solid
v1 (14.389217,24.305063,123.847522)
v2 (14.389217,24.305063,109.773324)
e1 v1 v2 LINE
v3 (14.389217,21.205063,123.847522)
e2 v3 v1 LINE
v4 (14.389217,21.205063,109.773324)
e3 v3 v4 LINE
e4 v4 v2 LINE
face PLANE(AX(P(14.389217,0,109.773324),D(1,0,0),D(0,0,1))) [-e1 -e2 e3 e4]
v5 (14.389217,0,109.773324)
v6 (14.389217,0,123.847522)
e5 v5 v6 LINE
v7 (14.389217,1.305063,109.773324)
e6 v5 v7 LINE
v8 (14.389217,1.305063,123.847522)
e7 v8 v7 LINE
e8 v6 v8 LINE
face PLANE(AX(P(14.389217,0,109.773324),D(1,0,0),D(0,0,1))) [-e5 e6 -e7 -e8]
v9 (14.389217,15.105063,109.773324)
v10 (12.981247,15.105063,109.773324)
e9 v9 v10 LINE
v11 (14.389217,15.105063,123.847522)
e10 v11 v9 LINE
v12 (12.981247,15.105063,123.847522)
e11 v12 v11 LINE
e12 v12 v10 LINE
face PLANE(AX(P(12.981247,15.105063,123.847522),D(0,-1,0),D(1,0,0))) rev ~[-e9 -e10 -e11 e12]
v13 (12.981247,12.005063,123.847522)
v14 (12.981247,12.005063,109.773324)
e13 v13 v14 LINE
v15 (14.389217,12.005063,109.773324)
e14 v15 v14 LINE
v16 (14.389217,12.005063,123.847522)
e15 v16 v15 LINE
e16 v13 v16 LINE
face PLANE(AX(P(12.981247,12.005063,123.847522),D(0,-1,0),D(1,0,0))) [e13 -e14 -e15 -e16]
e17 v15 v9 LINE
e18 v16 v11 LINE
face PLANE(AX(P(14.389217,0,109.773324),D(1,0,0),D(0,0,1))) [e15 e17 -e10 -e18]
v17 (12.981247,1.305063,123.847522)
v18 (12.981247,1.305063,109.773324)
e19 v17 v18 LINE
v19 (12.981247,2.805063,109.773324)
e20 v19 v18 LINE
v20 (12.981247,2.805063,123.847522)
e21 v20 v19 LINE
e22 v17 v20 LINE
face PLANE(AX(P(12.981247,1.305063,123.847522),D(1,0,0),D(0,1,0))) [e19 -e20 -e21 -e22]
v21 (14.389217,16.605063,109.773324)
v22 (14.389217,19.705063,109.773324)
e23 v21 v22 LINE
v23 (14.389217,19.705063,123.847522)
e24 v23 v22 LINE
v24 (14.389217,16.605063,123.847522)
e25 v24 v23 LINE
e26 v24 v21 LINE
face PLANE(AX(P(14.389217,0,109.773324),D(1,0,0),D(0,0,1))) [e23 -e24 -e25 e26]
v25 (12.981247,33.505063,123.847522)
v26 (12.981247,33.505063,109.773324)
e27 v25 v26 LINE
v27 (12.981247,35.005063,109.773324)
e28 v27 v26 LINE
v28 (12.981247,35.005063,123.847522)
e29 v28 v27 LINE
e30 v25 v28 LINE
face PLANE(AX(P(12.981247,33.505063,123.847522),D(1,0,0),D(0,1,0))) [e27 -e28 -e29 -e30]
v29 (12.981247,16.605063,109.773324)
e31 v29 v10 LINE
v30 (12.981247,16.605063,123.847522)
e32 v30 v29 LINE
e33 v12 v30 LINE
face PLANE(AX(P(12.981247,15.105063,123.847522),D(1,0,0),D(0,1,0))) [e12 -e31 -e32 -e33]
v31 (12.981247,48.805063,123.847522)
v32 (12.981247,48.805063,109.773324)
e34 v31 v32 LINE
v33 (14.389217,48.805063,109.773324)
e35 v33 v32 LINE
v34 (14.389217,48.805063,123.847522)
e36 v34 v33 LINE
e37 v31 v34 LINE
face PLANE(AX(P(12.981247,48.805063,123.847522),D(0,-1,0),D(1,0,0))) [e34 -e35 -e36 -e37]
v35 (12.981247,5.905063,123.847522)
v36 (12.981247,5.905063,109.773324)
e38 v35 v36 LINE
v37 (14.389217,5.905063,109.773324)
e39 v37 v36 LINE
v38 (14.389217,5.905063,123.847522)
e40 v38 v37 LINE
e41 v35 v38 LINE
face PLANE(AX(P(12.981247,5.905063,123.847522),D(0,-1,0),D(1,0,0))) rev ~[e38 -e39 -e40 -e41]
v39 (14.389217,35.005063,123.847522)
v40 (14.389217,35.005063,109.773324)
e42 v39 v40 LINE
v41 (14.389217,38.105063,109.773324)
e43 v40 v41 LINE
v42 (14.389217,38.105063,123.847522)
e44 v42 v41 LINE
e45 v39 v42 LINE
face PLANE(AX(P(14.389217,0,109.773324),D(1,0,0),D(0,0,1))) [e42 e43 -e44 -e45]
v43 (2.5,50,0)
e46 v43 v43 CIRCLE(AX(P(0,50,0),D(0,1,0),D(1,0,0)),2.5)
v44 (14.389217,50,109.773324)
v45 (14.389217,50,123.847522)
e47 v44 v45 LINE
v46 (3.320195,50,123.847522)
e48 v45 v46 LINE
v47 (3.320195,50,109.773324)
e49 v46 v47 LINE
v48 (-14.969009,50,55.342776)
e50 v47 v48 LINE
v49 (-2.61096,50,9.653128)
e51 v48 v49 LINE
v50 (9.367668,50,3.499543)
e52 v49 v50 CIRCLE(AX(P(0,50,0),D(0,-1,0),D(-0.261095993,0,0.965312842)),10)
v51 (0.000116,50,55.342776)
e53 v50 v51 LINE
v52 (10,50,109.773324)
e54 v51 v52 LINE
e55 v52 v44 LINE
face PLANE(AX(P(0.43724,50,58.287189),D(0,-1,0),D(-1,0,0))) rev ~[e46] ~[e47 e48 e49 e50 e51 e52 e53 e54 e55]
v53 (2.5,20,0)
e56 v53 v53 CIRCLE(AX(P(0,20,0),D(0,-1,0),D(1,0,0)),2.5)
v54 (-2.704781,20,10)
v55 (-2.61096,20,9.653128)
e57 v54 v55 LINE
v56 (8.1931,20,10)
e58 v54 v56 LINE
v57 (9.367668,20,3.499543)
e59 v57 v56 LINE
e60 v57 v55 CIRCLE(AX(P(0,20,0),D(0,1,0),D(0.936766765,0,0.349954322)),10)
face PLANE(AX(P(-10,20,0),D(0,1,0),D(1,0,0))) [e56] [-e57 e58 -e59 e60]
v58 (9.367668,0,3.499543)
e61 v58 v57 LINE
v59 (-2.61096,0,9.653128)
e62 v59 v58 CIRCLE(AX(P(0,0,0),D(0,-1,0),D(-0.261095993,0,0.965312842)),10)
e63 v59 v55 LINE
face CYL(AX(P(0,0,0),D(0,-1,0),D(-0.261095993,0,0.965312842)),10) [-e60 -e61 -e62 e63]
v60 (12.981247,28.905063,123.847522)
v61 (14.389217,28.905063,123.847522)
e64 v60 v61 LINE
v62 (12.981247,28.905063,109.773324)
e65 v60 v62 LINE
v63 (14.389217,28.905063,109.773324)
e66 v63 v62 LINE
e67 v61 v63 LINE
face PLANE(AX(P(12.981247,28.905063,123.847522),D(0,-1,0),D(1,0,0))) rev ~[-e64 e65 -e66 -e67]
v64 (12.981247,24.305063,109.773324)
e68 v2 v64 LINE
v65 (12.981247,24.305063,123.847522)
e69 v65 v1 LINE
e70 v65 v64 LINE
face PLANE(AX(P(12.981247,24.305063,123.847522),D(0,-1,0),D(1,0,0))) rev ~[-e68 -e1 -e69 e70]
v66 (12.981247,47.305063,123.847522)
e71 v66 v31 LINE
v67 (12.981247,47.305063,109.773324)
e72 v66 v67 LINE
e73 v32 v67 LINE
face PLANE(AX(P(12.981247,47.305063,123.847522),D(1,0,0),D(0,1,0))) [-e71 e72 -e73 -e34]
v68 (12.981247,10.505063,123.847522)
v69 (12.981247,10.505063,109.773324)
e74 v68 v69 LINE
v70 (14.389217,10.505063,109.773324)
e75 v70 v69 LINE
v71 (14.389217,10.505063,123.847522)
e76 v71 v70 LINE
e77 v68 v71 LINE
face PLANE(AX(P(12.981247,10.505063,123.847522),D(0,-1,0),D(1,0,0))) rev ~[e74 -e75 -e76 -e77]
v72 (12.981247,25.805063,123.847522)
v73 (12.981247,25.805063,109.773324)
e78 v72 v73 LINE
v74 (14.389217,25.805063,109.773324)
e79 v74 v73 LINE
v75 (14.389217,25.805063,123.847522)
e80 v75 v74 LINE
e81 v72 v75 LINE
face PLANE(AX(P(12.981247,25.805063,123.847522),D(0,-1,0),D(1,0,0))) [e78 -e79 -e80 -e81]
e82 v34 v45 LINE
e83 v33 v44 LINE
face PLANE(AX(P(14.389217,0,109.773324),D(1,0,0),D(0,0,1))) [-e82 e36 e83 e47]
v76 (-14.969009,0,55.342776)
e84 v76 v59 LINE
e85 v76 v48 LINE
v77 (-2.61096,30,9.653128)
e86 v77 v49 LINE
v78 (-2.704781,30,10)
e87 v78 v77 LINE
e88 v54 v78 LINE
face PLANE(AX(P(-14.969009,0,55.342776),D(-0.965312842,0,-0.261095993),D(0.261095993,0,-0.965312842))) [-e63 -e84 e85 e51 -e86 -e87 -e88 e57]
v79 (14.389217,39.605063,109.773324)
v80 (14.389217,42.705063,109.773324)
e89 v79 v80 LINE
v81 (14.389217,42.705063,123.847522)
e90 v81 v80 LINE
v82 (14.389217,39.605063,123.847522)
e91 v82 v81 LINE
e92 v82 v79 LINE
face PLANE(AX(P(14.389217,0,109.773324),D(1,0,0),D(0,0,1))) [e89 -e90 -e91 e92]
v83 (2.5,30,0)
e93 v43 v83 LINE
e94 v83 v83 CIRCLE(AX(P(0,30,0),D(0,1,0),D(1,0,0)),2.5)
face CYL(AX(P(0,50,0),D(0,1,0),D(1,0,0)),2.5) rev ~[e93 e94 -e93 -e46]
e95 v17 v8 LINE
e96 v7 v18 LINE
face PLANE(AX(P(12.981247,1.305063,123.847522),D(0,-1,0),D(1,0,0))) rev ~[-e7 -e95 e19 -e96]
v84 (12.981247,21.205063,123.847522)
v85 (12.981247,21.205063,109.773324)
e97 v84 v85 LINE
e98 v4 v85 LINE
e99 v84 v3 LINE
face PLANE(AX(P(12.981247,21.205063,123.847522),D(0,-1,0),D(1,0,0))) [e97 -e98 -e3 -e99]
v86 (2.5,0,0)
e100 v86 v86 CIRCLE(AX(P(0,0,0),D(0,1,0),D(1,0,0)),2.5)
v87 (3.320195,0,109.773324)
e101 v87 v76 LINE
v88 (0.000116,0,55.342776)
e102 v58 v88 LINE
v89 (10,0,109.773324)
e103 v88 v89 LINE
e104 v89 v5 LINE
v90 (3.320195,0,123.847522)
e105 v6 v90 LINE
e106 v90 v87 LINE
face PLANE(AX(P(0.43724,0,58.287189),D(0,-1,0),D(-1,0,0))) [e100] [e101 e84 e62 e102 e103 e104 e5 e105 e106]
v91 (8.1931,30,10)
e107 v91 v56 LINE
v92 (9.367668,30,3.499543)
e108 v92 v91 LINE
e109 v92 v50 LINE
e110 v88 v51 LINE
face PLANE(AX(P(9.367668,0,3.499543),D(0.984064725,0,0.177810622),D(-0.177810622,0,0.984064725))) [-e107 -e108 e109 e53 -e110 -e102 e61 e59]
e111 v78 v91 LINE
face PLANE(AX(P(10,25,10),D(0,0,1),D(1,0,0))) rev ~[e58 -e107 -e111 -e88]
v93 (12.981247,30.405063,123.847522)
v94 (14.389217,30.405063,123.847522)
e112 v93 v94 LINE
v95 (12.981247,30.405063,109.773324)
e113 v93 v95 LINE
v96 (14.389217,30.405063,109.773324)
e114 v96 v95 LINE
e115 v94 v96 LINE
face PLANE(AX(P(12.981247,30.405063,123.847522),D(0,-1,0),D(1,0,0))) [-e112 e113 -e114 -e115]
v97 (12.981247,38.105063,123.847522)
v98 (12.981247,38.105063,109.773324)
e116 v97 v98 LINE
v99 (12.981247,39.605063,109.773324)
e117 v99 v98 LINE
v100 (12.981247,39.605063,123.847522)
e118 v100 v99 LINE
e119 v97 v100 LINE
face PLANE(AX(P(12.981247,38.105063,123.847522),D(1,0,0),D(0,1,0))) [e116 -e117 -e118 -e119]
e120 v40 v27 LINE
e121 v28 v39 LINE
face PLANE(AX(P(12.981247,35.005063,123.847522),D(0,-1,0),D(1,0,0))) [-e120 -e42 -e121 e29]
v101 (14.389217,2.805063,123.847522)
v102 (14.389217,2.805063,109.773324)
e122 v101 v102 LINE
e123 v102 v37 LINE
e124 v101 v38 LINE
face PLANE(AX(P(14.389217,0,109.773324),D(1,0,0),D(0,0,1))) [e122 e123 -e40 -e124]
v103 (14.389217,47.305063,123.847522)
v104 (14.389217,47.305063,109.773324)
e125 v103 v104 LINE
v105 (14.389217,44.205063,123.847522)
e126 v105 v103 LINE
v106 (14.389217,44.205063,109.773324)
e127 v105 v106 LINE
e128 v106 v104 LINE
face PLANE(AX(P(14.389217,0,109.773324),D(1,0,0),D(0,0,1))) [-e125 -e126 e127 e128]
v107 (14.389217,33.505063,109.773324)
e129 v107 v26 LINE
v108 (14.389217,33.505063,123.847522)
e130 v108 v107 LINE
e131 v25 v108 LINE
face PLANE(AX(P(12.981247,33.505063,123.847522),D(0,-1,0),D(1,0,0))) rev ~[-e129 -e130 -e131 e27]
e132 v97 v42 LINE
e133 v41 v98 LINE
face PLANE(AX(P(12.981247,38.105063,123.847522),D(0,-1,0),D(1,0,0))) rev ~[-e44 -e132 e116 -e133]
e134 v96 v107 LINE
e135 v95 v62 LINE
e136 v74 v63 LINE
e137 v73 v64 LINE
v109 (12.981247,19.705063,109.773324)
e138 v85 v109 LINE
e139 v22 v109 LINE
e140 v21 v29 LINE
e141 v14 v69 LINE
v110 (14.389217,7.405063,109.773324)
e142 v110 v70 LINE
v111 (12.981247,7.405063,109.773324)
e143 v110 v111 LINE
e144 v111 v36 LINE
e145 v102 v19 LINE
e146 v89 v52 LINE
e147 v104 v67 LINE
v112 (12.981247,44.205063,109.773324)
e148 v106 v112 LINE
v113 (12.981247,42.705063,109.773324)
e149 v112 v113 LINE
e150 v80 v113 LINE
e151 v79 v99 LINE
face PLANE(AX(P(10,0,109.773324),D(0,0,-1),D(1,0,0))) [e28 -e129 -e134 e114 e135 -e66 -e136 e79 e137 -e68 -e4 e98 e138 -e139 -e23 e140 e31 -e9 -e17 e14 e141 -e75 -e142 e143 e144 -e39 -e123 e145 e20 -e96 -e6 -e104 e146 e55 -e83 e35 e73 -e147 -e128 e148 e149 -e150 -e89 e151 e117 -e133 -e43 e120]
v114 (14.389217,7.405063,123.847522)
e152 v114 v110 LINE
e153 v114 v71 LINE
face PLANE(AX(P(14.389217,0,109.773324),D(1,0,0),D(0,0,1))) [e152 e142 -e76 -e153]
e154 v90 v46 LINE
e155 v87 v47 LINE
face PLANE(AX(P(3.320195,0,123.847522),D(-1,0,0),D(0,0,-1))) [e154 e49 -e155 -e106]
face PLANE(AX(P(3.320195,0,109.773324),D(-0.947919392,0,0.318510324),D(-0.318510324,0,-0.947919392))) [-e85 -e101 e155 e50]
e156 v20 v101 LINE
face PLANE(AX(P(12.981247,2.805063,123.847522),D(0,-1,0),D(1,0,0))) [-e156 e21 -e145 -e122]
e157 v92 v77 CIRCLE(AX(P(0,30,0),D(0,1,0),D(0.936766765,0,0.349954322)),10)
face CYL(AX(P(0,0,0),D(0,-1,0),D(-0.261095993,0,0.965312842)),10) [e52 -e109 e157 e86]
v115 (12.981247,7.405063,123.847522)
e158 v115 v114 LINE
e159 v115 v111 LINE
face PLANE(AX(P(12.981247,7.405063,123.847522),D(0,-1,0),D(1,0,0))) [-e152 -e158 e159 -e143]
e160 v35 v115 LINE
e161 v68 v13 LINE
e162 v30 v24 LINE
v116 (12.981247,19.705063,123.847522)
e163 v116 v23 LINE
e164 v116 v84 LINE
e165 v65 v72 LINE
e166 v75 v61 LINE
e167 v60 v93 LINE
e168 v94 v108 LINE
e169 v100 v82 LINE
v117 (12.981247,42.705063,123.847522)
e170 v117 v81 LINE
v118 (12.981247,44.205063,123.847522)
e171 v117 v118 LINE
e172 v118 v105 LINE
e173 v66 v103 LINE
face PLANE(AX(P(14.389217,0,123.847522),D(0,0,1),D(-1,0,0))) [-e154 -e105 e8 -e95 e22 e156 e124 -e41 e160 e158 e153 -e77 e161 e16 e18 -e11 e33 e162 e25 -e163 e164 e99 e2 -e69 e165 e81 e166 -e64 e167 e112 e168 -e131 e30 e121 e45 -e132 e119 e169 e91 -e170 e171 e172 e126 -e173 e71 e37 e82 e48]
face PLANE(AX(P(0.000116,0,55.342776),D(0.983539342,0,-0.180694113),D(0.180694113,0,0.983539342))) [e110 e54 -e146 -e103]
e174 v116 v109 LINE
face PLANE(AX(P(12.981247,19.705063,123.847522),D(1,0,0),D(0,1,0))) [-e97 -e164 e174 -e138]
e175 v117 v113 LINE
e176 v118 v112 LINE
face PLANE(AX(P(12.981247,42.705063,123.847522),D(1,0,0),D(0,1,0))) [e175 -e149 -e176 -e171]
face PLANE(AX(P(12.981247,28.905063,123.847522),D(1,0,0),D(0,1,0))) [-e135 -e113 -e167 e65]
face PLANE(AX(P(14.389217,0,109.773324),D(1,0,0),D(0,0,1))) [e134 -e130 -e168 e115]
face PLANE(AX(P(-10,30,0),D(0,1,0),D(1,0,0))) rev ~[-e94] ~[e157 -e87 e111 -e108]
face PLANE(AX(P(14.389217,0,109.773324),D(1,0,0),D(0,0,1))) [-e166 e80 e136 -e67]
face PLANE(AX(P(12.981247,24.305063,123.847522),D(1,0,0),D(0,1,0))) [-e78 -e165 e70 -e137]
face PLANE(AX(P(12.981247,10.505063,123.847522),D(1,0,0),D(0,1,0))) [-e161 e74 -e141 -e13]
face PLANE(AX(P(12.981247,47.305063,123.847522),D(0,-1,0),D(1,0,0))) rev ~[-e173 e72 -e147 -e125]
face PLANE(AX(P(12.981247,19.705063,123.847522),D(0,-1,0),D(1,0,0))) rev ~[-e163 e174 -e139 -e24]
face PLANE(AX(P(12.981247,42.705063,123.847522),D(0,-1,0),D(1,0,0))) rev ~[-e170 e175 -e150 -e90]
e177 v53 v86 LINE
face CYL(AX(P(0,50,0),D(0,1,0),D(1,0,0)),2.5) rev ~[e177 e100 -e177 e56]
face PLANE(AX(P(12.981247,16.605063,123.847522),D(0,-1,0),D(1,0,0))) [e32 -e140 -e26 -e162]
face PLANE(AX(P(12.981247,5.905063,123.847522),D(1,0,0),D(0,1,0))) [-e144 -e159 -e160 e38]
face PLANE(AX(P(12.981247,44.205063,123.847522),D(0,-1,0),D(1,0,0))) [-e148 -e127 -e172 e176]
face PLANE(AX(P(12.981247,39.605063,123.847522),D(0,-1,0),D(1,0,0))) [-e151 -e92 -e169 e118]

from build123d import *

# Parameters (mm, degrees)
BOSS_EXTRUDE1_DEPTH     = 50
SKETCH2_R               = 2.5
CUT_EXTRUDE1_DEPTH      = 50
SKETCH3_W               = 40
SKETCH3_H               = 10
CUT_EXTRUDE2_DEPTH      = 10
CUT_EXTRUDE2_DEPTH_BACK = 50
SKETCH4_W               = 1.407970845
SKETCH4_H               = 1.5
CUT_EXTRUDE3_DEPTH      = 50
LPATTERN1_COUNT         = 20
LPATTERN1_PITCH         = 4.6


with BuildPart() as part:
    # Sketch1 → Boss-Extrude1 (new body)
    with BuildSketch(Plane(origin=(0, 0, 0), x_dir=(1, 0, 0), z_dir=(0, 1, 0))):
        with BuildLine():
            Line((9.367667652, -3.499543222), (0.000115688, -55.342775793))
            Line((0.000115688, -55.342775793), (10, -109.773324045))
            Line((10, -109.773324045), (14.389217383, -109.773324045))
            Line((14.389217383, -109.773324045), (14.389217383, -123.847521807))
            Line((14.389217383, -123.847521807), (10, -123.847521807))
            Line((10, -123.847521807), (3.320195055, -123.847521807))
            Line((3.320195055, -123.847521807), (3.320195055, -109.773324045))
            Line((3.320195055, -109.773324045), (-14.969009399, -55.342775793))
            Line((-14.969009399, -55.342775793), (-2.61095993, -9.653128417))
            ThreePointArc((-2.61095993, -9.653128417), (-4.56945593, 8.894946459), (9.367667652, -3.499543222))
        make_face()
    extrude(amount=BOSS_EXTRUDE1_DEPTH)

    # Sketch2 → Cut-Extrude1 (cut)
    with BuildSketch(Plane(origin=(0, 50, 0), x_dir=(1, 0, 0), z_dir=(0, 1, 0))):
        Circle(SKETCH2_R)
    extrude(amount=-CUT_EXTRUDE1_DEPTH, mode=Mode.SUBTRACT)

    # Sketch3 → Cut-Extrude2 (cut, two sides)
    with BuildSketch(Plane.XY) as cut_extrude2_sk:
        with Locations((10, 25)):
            Rectangle(SKETCH3_W, SKETCH3_H)
    extrude(amount=CUT_EXTRUDE2_DEPTH, mode=Mode.SUBTRACT)
    extrude(cut_extrude2_sk.sketch, amount=-CUT_EXTRUDE2_DEPTH_BACK, mode=Mode.SUBTRACT)

    # Sketch4 → Cut-Extrude3 (cut)
    with BuildSketch(Plane.XY.offset(123.847521807)):
        with Locations((13.685231961, 48.055062802)):
            Rectangle(SKETCH4_W, SKETCH4_H)
    cut_extrude3 = extrude(amount=-CUT_EXTRUDE3_DEPTH, mode=Mode.SUBTRACT)

    # LPattern1: Cut-Extrude3 ×20
    with Locations(*[(0, -i * LPATTERN1_PITCH, 0) for i in range(1, LPATTERN1_COUNT)]):
        add(cut_extrude3, mode=Mode.SUBTRACT)


solid = part.part
